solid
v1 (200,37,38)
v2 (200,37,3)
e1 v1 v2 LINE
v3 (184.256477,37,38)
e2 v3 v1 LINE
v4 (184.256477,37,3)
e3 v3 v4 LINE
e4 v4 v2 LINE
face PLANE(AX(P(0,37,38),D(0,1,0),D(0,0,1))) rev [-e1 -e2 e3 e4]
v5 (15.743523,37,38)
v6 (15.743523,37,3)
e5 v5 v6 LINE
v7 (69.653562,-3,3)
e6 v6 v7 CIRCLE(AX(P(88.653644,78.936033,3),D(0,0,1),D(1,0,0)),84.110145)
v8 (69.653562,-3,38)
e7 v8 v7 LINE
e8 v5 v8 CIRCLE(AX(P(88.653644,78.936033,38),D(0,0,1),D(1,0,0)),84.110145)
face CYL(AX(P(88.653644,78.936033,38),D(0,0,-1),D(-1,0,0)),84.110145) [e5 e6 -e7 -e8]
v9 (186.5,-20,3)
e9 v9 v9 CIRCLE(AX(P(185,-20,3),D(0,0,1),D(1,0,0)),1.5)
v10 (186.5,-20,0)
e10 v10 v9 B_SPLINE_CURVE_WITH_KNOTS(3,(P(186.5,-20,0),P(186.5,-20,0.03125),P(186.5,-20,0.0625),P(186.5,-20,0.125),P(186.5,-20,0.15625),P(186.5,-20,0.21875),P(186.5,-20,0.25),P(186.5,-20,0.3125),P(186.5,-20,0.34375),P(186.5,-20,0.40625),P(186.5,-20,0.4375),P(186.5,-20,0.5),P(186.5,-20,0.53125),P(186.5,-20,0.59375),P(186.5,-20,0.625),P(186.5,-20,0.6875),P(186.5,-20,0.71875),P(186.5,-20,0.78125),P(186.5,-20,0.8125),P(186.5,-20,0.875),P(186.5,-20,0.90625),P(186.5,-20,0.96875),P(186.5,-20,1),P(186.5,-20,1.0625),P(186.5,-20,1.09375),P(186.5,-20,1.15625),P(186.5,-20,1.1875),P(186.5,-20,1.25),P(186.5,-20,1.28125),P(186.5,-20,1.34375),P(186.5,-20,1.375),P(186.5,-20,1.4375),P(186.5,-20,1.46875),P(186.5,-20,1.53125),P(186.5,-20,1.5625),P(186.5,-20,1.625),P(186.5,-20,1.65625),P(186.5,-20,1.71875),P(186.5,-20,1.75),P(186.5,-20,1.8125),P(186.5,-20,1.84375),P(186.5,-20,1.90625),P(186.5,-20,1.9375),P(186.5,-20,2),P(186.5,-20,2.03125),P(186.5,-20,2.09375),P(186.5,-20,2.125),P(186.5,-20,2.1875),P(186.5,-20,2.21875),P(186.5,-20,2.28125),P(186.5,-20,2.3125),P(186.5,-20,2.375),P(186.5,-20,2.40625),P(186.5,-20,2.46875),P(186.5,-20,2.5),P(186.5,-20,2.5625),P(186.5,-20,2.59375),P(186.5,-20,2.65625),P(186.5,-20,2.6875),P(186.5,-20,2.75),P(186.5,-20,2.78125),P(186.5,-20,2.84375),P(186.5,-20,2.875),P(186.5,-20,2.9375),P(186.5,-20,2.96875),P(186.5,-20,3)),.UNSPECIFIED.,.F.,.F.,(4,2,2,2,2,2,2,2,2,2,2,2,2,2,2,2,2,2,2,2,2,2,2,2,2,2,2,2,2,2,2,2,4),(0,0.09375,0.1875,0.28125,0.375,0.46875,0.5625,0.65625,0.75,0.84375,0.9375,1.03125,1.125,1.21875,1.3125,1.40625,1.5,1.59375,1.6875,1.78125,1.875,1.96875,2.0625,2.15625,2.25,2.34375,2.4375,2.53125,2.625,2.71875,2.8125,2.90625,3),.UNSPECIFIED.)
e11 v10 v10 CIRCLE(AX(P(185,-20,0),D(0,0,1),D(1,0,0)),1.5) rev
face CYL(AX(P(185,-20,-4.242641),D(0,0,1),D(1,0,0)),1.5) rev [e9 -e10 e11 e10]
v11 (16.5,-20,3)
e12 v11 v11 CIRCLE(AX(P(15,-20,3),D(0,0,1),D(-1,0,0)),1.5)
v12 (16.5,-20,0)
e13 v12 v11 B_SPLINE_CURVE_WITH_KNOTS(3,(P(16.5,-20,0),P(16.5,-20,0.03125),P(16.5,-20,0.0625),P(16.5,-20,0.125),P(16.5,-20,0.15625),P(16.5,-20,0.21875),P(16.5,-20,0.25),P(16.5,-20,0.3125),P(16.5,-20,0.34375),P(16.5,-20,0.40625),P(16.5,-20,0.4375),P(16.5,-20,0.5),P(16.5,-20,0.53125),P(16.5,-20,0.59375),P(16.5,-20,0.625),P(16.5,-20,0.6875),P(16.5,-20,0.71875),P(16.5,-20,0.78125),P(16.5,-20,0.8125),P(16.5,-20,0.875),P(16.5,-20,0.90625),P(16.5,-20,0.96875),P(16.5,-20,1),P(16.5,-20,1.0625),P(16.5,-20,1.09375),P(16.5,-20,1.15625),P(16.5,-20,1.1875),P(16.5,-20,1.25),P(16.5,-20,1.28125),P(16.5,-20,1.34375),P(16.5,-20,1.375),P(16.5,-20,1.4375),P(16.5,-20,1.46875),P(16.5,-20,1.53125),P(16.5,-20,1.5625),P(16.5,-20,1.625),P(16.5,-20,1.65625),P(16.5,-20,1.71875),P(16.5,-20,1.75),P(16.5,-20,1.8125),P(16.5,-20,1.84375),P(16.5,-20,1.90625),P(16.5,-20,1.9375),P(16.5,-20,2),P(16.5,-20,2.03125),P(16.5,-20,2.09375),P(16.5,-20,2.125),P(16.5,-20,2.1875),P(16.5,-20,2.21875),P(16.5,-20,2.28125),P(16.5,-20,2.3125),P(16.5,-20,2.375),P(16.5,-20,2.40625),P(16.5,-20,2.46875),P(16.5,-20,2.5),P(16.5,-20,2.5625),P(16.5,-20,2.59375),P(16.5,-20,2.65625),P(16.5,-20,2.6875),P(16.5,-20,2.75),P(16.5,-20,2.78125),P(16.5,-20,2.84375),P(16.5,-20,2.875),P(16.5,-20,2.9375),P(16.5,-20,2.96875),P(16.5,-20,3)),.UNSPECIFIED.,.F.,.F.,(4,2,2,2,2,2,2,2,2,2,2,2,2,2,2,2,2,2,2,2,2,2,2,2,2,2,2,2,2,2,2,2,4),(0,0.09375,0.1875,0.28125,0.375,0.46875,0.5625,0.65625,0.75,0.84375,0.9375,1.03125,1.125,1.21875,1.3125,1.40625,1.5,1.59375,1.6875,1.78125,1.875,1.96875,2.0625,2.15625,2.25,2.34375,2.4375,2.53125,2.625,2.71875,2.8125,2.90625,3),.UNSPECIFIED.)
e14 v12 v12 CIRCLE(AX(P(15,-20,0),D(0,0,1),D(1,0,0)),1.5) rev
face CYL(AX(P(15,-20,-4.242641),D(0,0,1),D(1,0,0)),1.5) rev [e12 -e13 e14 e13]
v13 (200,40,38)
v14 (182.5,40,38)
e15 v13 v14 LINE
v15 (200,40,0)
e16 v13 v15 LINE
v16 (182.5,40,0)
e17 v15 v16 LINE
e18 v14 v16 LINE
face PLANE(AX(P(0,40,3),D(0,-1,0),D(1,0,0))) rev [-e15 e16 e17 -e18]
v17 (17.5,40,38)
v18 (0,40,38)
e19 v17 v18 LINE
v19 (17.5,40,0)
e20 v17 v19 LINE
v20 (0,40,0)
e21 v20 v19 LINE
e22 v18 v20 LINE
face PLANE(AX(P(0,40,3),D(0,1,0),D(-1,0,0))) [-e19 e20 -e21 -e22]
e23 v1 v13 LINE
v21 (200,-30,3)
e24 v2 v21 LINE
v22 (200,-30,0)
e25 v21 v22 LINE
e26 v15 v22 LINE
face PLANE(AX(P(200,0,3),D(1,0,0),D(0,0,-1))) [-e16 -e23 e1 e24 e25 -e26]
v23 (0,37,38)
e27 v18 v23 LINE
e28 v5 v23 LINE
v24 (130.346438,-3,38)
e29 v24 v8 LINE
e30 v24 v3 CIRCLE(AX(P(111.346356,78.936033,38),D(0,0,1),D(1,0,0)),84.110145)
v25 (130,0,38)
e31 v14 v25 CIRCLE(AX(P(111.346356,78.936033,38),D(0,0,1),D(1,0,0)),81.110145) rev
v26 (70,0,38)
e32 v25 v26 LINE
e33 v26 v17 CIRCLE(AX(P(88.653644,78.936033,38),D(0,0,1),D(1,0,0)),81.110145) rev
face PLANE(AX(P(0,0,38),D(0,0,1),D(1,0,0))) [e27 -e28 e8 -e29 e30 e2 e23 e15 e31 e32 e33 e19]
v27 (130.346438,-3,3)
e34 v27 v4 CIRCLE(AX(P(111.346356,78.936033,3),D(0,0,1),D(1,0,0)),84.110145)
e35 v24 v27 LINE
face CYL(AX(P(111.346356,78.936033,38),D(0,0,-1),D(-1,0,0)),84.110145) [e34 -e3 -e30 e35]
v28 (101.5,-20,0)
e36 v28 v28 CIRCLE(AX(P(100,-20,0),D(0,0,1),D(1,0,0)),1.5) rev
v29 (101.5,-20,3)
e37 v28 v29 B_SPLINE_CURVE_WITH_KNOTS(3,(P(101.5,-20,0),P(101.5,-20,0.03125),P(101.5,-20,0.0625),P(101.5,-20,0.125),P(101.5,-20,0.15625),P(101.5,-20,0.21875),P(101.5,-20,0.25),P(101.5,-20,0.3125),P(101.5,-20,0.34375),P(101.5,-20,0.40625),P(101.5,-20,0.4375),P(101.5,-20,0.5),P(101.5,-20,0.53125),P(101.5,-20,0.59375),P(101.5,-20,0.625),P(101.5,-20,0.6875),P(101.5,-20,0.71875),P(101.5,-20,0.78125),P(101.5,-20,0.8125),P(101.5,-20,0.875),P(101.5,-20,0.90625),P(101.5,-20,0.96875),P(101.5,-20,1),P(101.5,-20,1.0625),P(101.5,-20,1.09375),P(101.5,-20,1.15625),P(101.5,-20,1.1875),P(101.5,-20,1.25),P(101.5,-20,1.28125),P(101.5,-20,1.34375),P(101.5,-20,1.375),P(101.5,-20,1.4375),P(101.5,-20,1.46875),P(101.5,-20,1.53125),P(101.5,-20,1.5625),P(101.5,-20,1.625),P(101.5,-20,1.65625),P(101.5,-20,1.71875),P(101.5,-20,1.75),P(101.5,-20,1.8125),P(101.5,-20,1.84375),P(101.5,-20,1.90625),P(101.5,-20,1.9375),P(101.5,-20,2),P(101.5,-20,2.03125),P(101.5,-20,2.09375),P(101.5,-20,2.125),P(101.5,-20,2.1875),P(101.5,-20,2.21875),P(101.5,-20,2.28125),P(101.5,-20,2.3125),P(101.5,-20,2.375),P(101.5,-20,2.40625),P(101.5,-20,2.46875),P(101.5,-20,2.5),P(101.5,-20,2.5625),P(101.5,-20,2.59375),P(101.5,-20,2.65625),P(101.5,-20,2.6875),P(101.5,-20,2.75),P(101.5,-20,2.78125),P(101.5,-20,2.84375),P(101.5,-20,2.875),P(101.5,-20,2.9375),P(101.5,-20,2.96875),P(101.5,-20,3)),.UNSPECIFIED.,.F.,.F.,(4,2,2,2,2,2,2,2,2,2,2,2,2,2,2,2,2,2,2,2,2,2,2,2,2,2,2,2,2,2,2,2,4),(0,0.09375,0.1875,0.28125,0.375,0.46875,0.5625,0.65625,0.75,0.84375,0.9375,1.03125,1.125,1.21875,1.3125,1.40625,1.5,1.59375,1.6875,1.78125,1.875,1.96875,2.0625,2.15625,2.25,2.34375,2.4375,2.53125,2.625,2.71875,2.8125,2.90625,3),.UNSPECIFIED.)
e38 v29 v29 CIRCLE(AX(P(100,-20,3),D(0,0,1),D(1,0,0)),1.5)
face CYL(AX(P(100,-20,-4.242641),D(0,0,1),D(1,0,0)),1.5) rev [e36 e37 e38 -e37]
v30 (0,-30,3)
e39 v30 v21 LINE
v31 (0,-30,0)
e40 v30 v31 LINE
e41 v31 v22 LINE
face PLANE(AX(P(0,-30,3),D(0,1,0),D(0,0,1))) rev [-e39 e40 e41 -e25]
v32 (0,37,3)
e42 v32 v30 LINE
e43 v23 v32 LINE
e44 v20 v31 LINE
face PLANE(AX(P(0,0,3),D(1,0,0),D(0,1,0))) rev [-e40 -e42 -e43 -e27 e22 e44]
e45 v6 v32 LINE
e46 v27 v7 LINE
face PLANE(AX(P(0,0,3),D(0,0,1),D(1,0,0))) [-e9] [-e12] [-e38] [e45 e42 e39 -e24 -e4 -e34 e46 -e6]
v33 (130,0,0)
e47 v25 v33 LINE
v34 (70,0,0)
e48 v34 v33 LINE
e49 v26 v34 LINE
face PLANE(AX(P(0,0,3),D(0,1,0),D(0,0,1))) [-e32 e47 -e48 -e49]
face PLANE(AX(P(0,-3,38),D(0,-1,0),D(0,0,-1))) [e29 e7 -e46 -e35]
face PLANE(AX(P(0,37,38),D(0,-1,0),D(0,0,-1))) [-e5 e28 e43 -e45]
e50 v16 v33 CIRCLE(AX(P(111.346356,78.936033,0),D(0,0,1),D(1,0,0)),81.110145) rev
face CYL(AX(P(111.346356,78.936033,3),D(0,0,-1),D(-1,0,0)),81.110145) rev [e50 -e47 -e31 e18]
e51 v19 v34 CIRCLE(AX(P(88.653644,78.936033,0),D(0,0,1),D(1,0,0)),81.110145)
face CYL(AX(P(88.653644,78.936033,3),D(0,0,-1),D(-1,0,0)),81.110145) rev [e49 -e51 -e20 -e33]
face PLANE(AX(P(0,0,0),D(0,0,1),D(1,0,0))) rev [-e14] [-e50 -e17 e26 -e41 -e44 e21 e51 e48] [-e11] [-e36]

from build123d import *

# Parameters (mm, degrees)
SKETCH_1_W          = 200
SKETCH_1_H          = 30
EXTRUDE_1_DEPTH     = 3
SKETCH_2_R          = 1.5
CUT_EXTRUDE_1_DEPTH = 3
EXTRUDE_2_DEPTH     = 35


with BuildPart() as part:
    # 草图1 → 凸台-拉伸1 (new body)
    with BuildSketch(Plane.XY):
        with Locations((100, -15)):
            Rectangle(SKETCH_1_W, SKETCH_1_H)
        with BuildLine():
            Line((0, 40), (0, 0))
            Line((0, 0), (70, 0))
            ThreePointArc((70, 0), (39.497390629, 14.4184502), (17.5, 40))
            Line((17.5, 40), (0, 40))
        make_face()
        with BuildLine():
            ThreePointArc((182.5, 40), (160.502609371, 14.4184502), (130, 0))
            Line((130, 0), (200, 0))
            Line((200, 0), (200, 40))
            Line((200, 40), (182.5, 40))
        make_face()
    extrude(amount=EXTRUDE_1_DEPTH)

    # 草图2 → 切除-拉伸1 (cut)
    with BuildSketch(Plane.XY.offset(3)):
        with Locations((185, -20)):
            Circle(SKETCH_2_R)
        with Locations((100, -20)):
            Circle(SKETCH_2_R)
        with Locations((15, -20)):
            Circle(SKETCH_2_R)
    extrude(amount=-CUT_EXTRUDE_1_DEPTH, mode=Mode.SUBTRACT)

    # 草图15 → 凸台-拉伸2 (add)
    with BuildSketch(Plane.XY.offset(3)):
        with BuildLine():
            Line((69.653562136, -3), (130.346437864, -3))
            ThreePointArc((130.346437864, -3), (161.46492885, 11.388677272), (184.25647691, 37))
            Line((184.25647691, 37), (200, 37))
            Line((200, 37), (200, 40))
            Line((200, 40), (182.5, 40))
            ThreePointArc((182.5, 40), (160.502609371, 14.4184502), (130, 0))
            Line((130, 0), (70, 0))
            ThreePointArc((70, 0), (39.497390629, 14.4184502), (17.5, 40))
            Line((17.5, 40), (0, 40))
            Line((0, 40), (0, 37))
            Line((0, 37), (15.74352309, 37))
            ThreePointArc((15.74352309, 37), (38.53507115, 11.388677272), (69.653562136, -3))
        make_face()
    extrude(amount=EXTRUDE_2_DEPTH)


solid = part.part
